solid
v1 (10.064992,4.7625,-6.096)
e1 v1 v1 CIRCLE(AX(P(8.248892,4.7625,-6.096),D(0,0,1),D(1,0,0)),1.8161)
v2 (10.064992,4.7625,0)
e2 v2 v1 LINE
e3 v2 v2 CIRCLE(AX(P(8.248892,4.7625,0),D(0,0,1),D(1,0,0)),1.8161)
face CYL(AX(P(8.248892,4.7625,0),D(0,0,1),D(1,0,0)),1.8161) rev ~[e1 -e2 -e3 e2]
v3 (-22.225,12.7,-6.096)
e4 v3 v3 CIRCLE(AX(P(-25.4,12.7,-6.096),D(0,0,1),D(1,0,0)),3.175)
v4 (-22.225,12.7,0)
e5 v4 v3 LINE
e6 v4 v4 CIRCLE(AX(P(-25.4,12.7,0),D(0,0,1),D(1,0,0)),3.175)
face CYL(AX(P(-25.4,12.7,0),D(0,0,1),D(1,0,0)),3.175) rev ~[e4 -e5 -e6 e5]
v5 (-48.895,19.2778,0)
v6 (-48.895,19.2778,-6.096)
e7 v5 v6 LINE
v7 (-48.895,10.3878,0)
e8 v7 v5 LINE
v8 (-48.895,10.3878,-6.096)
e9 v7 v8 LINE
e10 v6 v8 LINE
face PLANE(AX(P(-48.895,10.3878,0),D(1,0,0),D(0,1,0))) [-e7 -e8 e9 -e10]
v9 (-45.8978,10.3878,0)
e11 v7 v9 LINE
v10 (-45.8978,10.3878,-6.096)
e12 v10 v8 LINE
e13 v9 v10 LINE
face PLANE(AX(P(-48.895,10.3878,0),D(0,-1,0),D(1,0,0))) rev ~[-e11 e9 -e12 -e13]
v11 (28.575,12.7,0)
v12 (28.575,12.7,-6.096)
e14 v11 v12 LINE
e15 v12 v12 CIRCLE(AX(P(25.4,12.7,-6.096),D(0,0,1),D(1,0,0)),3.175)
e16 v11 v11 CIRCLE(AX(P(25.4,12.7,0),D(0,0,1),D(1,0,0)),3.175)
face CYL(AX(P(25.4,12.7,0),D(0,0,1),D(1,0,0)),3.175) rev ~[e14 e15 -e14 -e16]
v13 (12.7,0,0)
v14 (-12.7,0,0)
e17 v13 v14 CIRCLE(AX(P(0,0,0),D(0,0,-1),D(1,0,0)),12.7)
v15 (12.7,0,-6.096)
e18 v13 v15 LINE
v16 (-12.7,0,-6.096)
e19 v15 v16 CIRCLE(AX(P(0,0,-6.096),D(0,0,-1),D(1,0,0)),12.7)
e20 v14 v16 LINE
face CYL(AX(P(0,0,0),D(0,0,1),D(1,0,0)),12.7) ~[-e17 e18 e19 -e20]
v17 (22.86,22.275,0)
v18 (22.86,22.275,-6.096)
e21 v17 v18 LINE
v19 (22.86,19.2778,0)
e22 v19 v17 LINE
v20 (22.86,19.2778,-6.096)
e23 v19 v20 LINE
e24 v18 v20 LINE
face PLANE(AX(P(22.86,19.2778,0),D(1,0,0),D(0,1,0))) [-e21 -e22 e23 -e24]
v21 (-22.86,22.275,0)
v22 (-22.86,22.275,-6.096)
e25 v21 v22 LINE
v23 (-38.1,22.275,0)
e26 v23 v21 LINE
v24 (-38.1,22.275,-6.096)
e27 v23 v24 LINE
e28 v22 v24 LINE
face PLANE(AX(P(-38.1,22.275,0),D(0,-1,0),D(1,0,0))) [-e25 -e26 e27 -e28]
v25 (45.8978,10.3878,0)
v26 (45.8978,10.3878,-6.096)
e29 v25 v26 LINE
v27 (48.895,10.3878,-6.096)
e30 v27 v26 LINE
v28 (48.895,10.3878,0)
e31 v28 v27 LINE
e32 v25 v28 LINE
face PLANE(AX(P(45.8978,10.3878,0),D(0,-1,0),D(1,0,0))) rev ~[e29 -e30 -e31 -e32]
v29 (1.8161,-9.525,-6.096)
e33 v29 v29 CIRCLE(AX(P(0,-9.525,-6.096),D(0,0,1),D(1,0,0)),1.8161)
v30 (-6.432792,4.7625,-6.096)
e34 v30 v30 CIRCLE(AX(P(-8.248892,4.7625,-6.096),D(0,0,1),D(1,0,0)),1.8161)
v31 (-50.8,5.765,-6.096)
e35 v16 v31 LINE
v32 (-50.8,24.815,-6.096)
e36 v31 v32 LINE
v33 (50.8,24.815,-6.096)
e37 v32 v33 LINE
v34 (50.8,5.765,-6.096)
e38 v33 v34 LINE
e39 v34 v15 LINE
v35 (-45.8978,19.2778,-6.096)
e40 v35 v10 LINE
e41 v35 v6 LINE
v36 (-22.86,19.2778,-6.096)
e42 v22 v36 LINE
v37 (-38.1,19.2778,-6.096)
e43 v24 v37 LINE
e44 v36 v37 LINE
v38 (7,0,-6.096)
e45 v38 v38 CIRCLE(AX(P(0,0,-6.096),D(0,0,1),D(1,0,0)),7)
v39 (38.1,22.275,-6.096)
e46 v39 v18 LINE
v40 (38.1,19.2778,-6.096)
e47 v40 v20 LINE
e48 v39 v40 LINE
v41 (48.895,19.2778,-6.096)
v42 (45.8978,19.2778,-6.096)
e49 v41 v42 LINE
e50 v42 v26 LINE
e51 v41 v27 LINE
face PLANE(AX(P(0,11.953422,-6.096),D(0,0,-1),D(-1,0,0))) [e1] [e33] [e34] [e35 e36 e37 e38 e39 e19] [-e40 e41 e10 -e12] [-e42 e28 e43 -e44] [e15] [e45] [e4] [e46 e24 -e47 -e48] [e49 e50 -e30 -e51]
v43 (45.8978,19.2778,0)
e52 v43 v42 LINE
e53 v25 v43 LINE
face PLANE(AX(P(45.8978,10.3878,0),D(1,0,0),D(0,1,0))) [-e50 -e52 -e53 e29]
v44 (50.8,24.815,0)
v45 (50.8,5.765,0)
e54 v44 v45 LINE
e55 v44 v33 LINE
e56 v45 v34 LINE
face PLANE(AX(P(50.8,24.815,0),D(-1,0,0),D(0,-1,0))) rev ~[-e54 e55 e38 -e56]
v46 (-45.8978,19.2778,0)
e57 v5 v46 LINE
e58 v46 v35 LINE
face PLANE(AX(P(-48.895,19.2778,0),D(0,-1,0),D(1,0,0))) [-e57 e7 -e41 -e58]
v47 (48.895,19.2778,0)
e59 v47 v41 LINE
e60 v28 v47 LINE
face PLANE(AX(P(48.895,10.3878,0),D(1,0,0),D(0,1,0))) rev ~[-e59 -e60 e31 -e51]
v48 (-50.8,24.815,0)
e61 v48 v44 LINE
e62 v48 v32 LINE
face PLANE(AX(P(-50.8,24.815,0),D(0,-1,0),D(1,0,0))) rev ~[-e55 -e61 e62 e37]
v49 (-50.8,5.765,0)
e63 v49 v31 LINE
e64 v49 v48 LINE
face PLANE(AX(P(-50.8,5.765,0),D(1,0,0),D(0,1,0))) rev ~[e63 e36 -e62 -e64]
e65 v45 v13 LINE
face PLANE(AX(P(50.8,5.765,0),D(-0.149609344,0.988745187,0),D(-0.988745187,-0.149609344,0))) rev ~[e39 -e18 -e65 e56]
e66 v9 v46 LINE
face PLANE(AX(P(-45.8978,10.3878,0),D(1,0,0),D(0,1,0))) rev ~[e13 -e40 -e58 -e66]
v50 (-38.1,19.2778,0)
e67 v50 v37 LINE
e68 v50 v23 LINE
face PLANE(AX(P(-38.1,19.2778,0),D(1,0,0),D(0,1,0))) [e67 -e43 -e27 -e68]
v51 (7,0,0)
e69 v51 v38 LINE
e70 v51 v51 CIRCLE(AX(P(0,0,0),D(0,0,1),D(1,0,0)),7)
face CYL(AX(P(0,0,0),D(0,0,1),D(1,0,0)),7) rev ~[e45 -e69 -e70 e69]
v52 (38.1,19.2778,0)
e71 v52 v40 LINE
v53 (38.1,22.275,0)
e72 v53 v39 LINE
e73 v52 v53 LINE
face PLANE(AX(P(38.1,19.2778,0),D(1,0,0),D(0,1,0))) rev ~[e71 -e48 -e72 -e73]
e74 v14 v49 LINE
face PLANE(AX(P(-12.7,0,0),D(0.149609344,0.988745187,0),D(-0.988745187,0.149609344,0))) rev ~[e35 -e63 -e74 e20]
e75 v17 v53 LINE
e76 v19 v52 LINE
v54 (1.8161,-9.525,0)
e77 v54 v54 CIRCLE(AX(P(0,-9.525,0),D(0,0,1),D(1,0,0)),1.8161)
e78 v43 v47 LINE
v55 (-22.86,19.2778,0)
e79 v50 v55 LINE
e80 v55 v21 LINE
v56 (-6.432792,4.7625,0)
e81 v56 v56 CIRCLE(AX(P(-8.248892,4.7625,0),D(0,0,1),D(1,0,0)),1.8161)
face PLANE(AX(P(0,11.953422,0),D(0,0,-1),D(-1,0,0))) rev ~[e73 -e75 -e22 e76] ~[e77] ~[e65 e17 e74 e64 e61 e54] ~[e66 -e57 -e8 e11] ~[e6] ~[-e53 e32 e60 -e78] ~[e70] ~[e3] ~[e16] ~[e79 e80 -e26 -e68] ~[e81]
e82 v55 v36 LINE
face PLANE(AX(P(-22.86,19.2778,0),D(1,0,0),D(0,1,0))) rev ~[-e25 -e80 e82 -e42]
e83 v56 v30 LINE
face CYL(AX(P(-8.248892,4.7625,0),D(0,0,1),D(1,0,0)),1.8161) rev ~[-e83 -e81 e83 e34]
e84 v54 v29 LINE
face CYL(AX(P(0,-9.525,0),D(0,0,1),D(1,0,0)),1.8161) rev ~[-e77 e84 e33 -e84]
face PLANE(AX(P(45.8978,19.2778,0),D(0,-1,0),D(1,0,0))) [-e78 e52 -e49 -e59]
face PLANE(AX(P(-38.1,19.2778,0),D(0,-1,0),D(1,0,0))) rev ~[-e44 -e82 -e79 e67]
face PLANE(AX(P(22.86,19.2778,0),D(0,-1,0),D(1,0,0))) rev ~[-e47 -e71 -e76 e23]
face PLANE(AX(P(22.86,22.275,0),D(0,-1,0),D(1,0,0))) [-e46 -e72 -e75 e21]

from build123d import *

# Parameters (mm, degrees)
SKETCH1_R           = 3.175
SKETCH1_R_2         = 1.8161
SKETCH1_R_3         = 7
BOSS_EXTRUDE1_DEPTH = 6.096
SKETCH2_W           = 15.24
SKETCH2_H           = 2.9972
CUT_EXTRUDE1_DEPTH  = 57.86462381
SKETCH3_W           = 2.9972
SKETCH3_H           = 8.89
CUT_EXTRUDE2_DEPTH  = 57.86462381


with BuildPart() as part:
    # Sketch1 → Boss-Extrude1 (new body)
    with BuildSketch(Plane.XY):
        with BuildLine():
            Line((-50.8, 24.815), (50.8, 24.815))
            Line((50.8, 24.815), (50.8, 5.765))
            Line((50.8, 5.765), (12.7, 0))
            ThreePointArc((12.7, 0), (0, -12.7), (-12.7, 0))
            Line((-12.7, 0), (-50.8, 5.765))
            Line((-50.8, 5.765), (-50.8, 24.815))
        make_face()
        with Locations((25.4, 12.7)):
            Circle(SKETCH1_R, mode=Mode.SUBTRACT)
        with Locations((-25.4, 12.7)):
            Circle(SKETCH1_R, mode=Mode.SUBTRACT)
        with Locations((-8.248891971, 4.7625)):
            Circle(SKETCH1_R_2, mode=Mode.SUBTRACT)
        Circle(SKETCH1_R_3, mode=Mode.SUBTRACT)
        with Locations((8.248891971, 4.7625)):
            Circle(SKETCH1_R_2, mode=Mode.SUBTRACT)
        with Locations((0, -9.525)):
            Circle(SKETCH1_R_2, mode=Mode.SUBTRACT)
    extrude(amount=-BOSS_EXTRUDE1_DEPTH)

    # Sketch2 → Cut-Extrude1 (cut, through all)
    with BuildSketch(Plane.XY):
        with Locations((-30.48, 20.7764)):
            Rectangle(SKETCH2_W, SKETCH2_H)
        with Locations((30.48, 20.7764)):
            Rectangle(SKETCH2_W, SKETCH2_H)
    extrude(amount=-CUT_EXTRUDE1_DEPTH, mode=Mode.SUBTRACT)

    # Sketch3 → Cut-Extrude2 (cut, through all)
    with BuildSketch(Plane.XY):
        with Locations((-47.3964, 14.8328)):
            Rectangle(SKETCH3_W, SKETCH3_H)
        with Locations((47.3964, 14.8328)):
            Rectangle(SKETCH3_W, SKETCH3_H)
    extrude(amount=-CUT_EXTRUDE2_DEPTH, mode=Mode.SUBTRACT)


solid = part.part
